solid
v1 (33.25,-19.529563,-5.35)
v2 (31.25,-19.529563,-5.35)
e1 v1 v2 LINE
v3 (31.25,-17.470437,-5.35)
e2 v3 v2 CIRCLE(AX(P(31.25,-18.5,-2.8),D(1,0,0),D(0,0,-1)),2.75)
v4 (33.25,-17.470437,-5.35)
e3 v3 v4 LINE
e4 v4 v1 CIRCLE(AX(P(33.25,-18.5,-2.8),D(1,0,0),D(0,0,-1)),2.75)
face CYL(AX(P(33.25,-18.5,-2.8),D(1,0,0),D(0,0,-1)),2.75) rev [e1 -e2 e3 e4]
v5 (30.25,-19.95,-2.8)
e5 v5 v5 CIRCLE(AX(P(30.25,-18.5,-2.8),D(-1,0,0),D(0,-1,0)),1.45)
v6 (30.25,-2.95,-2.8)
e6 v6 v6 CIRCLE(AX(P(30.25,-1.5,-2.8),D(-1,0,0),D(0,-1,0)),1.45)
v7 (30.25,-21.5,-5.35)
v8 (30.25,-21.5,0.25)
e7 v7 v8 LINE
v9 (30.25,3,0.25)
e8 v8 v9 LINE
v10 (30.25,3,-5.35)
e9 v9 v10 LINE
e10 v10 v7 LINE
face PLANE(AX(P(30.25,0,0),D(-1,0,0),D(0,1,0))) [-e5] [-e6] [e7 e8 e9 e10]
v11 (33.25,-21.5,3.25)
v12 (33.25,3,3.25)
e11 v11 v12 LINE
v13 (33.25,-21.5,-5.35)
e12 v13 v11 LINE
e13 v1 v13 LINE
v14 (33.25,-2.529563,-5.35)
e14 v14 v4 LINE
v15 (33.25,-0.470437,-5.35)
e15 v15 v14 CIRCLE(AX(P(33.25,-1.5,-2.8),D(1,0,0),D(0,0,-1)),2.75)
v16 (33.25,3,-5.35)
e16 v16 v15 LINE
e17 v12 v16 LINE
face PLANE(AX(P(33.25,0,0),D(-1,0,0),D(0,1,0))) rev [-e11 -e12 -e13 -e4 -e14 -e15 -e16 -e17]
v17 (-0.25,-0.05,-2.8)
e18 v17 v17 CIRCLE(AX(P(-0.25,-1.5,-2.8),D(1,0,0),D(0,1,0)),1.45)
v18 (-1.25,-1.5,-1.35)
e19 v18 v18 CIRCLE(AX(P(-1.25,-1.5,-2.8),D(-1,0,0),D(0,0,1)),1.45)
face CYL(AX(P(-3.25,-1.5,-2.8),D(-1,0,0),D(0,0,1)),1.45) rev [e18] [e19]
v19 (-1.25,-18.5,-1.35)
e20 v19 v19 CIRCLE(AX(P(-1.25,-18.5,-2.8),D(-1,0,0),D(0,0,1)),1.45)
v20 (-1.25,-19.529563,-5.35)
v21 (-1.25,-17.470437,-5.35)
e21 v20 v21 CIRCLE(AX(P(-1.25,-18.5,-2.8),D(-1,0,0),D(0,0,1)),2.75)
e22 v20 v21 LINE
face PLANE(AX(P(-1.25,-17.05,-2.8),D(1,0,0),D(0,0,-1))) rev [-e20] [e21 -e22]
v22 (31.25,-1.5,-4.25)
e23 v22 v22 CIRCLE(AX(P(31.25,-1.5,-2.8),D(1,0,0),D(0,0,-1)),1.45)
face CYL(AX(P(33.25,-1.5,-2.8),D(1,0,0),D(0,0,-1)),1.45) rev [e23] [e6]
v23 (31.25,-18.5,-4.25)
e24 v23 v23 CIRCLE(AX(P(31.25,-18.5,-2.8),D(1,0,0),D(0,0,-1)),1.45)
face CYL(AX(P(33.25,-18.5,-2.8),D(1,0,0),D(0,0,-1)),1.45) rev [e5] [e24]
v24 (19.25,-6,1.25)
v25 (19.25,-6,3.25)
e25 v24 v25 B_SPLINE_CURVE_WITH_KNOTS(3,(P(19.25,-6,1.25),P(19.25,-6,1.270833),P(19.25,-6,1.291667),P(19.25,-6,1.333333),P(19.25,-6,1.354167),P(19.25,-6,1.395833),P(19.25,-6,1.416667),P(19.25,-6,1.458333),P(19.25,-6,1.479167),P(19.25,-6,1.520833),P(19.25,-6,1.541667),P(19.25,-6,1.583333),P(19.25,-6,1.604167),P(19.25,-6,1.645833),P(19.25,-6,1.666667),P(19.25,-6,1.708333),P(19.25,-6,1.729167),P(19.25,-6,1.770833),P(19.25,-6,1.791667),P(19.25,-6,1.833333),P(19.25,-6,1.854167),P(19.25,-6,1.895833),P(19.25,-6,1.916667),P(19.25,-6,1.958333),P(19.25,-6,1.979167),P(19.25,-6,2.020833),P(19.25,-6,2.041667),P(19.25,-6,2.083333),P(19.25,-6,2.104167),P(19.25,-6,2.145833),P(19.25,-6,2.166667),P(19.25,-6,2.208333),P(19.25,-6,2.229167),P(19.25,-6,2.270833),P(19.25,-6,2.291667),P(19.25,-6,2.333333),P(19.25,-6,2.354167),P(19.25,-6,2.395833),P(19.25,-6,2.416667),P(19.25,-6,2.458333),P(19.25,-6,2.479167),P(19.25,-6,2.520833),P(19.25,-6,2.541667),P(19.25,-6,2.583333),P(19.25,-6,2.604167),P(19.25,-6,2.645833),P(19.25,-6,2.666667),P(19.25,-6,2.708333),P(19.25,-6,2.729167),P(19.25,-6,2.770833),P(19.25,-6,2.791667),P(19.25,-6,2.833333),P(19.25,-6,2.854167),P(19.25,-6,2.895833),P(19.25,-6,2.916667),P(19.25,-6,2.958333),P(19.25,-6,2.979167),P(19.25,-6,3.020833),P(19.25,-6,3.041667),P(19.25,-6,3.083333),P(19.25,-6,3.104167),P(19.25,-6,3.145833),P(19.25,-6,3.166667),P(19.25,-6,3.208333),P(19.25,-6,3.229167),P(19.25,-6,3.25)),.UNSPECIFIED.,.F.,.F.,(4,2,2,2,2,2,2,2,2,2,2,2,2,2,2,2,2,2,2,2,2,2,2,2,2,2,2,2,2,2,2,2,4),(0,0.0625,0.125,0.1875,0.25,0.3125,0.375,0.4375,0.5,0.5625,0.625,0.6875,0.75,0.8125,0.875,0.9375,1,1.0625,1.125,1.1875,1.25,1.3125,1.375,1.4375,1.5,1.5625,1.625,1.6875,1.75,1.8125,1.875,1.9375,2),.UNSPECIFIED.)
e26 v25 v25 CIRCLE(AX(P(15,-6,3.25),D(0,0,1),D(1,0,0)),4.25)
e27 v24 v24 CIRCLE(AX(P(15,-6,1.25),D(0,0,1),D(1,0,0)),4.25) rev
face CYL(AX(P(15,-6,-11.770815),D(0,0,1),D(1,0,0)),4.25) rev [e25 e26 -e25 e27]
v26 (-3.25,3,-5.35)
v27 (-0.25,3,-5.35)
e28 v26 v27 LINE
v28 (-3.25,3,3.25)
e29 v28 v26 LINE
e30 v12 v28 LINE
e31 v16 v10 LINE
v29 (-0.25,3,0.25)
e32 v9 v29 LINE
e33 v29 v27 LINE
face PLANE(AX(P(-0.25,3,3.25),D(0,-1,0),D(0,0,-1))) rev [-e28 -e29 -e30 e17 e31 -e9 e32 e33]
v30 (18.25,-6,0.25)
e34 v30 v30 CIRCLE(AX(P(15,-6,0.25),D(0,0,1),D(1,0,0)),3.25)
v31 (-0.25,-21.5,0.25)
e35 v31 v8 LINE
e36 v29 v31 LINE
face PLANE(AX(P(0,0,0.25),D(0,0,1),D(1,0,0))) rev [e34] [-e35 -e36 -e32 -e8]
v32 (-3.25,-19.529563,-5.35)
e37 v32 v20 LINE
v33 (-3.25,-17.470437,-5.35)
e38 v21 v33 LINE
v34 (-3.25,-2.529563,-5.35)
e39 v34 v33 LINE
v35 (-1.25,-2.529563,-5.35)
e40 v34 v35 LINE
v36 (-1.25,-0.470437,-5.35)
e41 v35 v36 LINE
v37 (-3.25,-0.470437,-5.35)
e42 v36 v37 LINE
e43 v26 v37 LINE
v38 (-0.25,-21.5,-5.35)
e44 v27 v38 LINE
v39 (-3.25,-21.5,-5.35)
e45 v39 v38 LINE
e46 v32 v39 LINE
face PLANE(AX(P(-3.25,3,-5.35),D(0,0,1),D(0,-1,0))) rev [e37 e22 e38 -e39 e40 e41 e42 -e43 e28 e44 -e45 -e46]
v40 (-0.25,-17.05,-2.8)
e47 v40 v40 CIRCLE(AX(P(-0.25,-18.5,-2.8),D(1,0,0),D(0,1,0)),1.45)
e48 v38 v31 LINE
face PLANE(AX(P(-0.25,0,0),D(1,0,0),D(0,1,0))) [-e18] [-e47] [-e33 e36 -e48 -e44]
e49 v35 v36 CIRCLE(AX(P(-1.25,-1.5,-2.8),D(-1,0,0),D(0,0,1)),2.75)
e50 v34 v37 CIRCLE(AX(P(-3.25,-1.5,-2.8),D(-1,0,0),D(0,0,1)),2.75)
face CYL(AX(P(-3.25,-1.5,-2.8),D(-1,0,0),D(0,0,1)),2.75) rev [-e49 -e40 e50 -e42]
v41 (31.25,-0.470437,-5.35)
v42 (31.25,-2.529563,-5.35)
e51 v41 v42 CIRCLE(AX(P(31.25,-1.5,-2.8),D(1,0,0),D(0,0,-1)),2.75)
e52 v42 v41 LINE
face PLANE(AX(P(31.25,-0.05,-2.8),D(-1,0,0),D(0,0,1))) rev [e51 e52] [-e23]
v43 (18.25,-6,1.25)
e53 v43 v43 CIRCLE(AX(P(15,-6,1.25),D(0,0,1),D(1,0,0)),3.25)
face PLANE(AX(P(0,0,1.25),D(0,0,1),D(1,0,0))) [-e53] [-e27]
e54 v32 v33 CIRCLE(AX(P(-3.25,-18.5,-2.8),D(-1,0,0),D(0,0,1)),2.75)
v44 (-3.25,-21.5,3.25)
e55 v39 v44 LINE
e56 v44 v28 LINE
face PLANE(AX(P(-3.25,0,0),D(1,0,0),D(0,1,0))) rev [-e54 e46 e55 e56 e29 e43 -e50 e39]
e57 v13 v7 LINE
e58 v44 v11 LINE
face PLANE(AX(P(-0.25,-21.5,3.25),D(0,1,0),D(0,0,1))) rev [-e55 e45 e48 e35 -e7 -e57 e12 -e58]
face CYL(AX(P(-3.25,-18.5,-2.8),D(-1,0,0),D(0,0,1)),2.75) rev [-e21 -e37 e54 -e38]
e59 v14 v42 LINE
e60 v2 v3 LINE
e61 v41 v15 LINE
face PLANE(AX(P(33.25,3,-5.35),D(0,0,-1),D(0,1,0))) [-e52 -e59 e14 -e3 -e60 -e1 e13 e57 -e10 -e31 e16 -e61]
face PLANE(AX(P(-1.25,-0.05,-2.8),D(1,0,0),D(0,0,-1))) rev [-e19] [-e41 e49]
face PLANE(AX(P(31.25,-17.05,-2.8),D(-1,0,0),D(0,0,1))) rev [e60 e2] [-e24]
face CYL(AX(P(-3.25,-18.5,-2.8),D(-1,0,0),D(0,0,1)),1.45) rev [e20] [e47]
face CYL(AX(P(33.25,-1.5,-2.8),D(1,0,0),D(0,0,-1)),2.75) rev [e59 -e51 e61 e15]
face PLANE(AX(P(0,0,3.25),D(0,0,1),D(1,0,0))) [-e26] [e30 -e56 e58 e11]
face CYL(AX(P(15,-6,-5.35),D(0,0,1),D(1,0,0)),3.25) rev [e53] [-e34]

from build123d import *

# Parameters (mm, degrees)
RESSALTO_EXTRUS_O1_START         = 0.25
ESBO_O2_W                        = 30.5
ESBO_O2_H                        = 24.5
RESSALTO_EXTRUS_O1_DEPTH         = 3
ESBO_O3_W                        = 8.6
ESBO_O3_H                        = 24.5
RESSALTO_EXTRUS_O2_DEPTH         = 3
ESBO_O5_R                        = 4.25
CORTE_EXTRUS_O1_DEPTH            = 2
ESBO_O12_R                       = 3.25
CORTE_EXTRUS_O3_DEPTH            = 41.141904539
CBORE_FOR_M2_5_SHCS1_D           = 2.9
CBORE_FOR_M2_5_SHCS1_DEPTH       = 3
CBORE_FOR_M2_5_SHCS1_CBORE_D     = 5.5
CBORE_FOR_M2_5_SHCS1_CBORE_DEPTH = 2


with BuildPart() as part:
    # Esboço2 → Ressalto-extrusão1 (new body)
    with BuildSketch(Plane.XY.offset(RESSALTO_EXTRUS_O1_START)):
        with Locations((15, -9.25)):
            Rectangle(ESBO_O2_W, ESBO_O2_H)
    extrude(amount=RESSALTO_EXTRUS_O1_DEPTH)

    # Esboço3 → Ressalto-extrusão2 (add)
    with BuildSketch(Plane.ZY.offset(0.25)):
        with Locations((-1.05, -9.25)):
            Rectangle(ESBO_O3_W, ESBO_O3_H)
    ressalto_extrus_o2 = extrude(amount=RESSALTO_EXTRUS_O2_DEPTH)

    # Espelhar1: Ressalto-extrusão2 across plane
    add(ressalto_extrus_o2.mirror(Plane.ZY.offset(-15)))

    # Esboço5 → Corte-extrusão1 (cut)
    with BuildSketch(Plane.XY.offset(3.25)):
        with Locations((15, -6)):
            Circle(ESBO_O5_R)
    extrude(amount=-CORTE_EXTRUS_O1_DEPTH, mode=Mode.SUBTRACT)

    # Esboço12 → Corte-extrusão3 (cut, through all)
    with BuildSketch(Plane.XY.offset(1.25)):
        with Locations((15, -6)):
            Circle(ESBO_O12_R)
    extrude(amount=-CORTE_EXTRUS_O3_DEPTH, mode=Mode.SUBTRACT)

    # CBORE for M2.5 SHCS1
    with Locations(Plane.ZY.offset(3.25)):
        with Locations((-2.8, -1.5), (-2.8, -18.5)):
            cbore_for_m2_5_shcs1 = CounterBoreHole(CBORE_FOR_M2_5_SHCS1_D / 2, CBORE_FOR_M2_5_SHCS1_CBORE_D / 2, CBORE_FOR_M2_5_SHCS1_CBORE_DEPTH, depth=CBORE_FOR_M2_5_SHCS1_DEPTH)

    # Mirror1: CBORE for M2.5 SHCS1 across plane
    add(cbore_for_m2_5_shcs1.mirror(Plane.ZY.offset(-15)), mode=Mode.SUBTRACT)


solid = part.part
